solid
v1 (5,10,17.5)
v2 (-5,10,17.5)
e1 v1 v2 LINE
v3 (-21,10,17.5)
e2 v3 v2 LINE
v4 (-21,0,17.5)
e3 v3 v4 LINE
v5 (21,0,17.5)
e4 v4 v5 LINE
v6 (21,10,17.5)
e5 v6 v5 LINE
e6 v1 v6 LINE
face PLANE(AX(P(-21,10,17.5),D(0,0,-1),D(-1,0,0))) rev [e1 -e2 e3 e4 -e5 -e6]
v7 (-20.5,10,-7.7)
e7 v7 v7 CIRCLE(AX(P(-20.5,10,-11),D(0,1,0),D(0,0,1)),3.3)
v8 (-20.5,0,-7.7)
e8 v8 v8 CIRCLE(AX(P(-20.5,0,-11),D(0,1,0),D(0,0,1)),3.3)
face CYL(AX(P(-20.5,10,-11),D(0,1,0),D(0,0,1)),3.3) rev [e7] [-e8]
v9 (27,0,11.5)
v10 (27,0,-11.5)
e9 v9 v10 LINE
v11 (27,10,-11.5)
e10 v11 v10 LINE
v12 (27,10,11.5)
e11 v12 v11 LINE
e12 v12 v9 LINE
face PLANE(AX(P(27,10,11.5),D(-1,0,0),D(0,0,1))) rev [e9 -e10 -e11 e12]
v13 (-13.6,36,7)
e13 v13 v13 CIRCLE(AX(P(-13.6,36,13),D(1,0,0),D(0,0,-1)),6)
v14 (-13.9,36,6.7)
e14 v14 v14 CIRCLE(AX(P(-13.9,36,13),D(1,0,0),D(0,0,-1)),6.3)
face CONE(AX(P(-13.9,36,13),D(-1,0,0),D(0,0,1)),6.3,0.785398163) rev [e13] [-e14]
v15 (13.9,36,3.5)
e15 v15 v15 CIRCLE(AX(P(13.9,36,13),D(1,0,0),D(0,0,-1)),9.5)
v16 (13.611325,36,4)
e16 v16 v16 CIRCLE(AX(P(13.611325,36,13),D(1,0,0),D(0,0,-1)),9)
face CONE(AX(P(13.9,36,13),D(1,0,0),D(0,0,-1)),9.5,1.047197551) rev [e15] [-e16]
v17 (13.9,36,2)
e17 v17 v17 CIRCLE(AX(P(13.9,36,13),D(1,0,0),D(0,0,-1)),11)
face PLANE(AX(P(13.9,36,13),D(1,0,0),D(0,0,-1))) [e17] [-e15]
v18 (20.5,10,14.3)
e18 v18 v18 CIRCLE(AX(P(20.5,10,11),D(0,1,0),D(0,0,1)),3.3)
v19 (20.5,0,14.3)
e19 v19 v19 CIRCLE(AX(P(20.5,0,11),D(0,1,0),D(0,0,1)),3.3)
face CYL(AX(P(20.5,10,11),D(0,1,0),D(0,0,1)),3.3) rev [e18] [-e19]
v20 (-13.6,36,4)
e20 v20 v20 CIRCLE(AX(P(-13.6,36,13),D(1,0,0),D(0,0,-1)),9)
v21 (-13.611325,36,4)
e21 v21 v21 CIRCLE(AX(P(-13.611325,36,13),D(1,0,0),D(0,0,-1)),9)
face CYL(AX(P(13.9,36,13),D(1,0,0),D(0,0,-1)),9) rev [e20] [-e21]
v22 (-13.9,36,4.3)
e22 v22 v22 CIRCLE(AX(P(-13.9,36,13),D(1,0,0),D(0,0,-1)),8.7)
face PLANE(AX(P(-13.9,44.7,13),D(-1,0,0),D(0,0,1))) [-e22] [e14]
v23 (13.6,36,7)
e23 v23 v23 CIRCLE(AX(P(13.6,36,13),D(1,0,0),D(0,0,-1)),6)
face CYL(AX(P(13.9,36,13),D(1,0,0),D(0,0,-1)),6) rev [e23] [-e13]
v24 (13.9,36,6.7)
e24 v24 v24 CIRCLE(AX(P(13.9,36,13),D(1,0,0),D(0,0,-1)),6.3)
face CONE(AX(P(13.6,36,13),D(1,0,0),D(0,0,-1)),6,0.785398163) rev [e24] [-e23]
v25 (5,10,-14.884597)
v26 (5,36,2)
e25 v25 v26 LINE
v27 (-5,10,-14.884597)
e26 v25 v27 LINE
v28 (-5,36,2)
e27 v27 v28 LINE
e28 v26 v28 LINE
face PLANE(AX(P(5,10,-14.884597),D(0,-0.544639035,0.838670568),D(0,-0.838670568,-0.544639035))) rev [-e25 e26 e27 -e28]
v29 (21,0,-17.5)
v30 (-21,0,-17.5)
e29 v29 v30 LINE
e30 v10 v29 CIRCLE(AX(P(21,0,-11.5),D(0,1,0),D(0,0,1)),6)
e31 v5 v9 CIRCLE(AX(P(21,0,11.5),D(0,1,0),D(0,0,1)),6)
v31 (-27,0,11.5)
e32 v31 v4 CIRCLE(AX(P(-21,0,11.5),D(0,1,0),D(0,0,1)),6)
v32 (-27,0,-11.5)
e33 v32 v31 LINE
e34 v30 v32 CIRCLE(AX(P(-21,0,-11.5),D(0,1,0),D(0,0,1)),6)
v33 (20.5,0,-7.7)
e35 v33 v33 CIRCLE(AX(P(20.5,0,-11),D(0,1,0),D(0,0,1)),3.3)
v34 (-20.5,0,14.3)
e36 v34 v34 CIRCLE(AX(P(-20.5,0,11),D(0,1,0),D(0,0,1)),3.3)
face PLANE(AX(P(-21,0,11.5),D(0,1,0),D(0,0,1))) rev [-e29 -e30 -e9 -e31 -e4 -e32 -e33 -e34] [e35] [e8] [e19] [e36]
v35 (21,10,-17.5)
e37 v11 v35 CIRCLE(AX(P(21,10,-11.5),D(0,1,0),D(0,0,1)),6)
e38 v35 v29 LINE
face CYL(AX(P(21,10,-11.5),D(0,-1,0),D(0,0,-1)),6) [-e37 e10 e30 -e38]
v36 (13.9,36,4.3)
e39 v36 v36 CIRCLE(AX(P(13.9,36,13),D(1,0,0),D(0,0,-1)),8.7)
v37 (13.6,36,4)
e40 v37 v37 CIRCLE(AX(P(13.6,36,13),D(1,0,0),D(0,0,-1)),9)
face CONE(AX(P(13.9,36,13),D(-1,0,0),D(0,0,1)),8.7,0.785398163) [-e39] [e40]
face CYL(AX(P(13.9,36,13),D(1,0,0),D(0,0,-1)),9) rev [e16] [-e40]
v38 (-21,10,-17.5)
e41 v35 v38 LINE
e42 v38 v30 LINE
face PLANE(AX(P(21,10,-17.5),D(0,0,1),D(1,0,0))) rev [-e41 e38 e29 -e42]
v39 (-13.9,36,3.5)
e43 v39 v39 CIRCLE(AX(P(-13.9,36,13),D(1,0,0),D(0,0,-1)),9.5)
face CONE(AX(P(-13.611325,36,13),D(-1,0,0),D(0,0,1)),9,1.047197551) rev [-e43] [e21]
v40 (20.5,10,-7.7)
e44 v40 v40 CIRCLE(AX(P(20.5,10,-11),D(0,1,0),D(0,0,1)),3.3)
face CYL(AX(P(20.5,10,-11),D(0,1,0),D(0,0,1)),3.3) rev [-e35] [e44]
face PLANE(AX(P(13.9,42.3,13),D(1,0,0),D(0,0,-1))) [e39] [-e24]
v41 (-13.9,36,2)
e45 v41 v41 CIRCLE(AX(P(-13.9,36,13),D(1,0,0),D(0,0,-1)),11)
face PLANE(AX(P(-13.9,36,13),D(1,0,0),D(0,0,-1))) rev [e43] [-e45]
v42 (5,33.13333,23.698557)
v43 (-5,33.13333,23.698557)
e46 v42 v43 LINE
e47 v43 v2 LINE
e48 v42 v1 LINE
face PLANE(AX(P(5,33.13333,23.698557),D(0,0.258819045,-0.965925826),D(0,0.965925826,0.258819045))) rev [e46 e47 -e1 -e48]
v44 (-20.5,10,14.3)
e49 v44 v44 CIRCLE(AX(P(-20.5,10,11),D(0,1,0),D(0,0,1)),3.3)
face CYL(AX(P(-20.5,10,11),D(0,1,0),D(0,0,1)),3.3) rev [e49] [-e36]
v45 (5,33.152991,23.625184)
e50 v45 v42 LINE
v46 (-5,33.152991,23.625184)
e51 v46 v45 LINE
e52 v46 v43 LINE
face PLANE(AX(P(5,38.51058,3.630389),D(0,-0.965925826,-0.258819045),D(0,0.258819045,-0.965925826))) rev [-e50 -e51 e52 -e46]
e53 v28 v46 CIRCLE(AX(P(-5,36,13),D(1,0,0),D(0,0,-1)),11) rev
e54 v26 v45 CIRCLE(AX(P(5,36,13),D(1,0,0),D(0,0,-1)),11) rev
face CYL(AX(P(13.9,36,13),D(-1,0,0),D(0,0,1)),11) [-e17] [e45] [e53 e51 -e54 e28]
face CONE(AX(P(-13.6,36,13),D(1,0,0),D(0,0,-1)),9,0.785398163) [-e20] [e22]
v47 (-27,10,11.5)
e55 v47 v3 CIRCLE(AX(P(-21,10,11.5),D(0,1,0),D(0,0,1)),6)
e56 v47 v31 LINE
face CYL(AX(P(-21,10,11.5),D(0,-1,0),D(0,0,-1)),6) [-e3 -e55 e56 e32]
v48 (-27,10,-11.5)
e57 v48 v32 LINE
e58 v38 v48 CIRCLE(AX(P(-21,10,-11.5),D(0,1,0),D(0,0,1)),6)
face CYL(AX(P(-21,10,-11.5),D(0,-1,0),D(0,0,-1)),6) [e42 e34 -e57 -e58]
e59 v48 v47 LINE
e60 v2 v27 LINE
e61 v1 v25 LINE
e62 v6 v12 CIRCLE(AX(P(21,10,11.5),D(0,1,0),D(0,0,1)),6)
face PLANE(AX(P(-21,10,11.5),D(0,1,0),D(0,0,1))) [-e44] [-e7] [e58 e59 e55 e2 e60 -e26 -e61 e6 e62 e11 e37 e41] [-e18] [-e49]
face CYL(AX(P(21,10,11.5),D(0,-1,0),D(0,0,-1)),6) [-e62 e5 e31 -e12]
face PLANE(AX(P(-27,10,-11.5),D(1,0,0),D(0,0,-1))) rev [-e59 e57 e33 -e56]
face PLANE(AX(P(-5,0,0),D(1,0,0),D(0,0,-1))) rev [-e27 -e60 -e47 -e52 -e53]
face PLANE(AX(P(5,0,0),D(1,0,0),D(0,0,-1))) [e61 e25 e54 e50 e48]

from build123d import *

# Parameters (mm, degrees)
BOSS_EXTRUDE1_DEPTH      = 10
BOSS_EXTRUDE2_DEPTH      = 5
BOSS_EXTRUDE2_DEPTH_BACK = 5
SKETCH3_R                = 11
BOSS_EXTRUDE3_DEPTH      = 13.9
BOSS_EXTRUDE3_DEPTH_BACK = 13.9
SKETCH4_W                = 3.3
SKETCH4_H                = 10
SKETCH5_W                = 3.3
SKETCH5_H                = 10
SKETCH6_W                = 3.3
SKETCH6_H                = 10
SKETCH7_W                = 3.3
SKETCH7_H                = 10


with BuildPart() as part:
    # Sketch1 → Boss-Extrude1 (new body)
    with BuildSketch(Plane(origin=(0, 0, 0), x_dir=(1, 0, 0), z_dir=(0, 1, 0))):
        with BuildLine():
            Line((-21, -17.5), (21, -17.5))
            ThreePointArc((21, -17.5), (25.242640687, -15.742640687), (27, -11.5))
            Line((27, -11.5), (27, 11.5))
            ThreePointArc((27, 11.5), (25.242640687, 15.742640687), (21, 17.5))
            Line((21, 17.5), (-21, 17.5))
            ThreePointArc((-21, 17.5), (-25.242640687, 15.742640687), (-27, 11.5))
            Line((-27, 11.5), (-27, -11.5))
            ThreePointArc((-27, -11.5), (-25.242640687, -15.742640687), (-21, -17.5))
        make_face()
    extrude(amount=BOSS_EXTRUDE1_DEPTH)

    # Sketch2 → Boss-Extrude2 (add, two sides)
    with BuildSketch(Plane(origin=(0, 0, 0), x_dir=(0, 0, -1), z_dir=(1, 0, 0))) as boss_extrude2_sk:
        Polygon((-23.698557159, 33.133330249), (-17.5, 10), (14.884597423, 10), (-3.630389444, 38.510579582), align=None)
    extrude(amount=BOSS_EXTRUDE2_DEPTH)
    extrude(boss_extrude2_sk.sketch, amount=-BOSS_EXTRUDE2_DEPTH_BACK)

    # Sketch3 → Boss-Extrude3 (add, two sides)
    with BuildSketch(Plane(origin=(0, 0, 0), x_dir=(0, 0, -1), z_dir=(1, 0, 0))) as boss_extrude3_sk:
        with Locations((-13, 36)):
            Circle(SKETCH3_R)
    extrude(amount=BOSS_EXTRUDE3_DEPTH)
    extrude(boss_extrude3_sk.sketch, amount=-BOSS_EXTRUDE3_DEPTH_BACK)

    # Sketch4 → Cut-Revolve1 (revolve, cut)
    with BuildSketch(Plane.XY.offset(11)):
        with Locations((-22.15, 5)):
            Rectangle(SKETCH4_W, SKETCH4_H)
    revolve(axis=Axis((-20.5, 10, 11), (0, -1, 0)), mode=Mode.SUBTRACT)

    # Sketch5 → Cut-Revolve2 (revolve, cut)
    with BuildSketch(Plane.XY.offset(11)):
        with Locations((18.85, 5)):
            Rectangle(SKETCH5_W, SKETCH5_H)
    revolve(axis=Axis((20.5, 10, 11), (0, -1, 0)), mode=Mode.SUBTRACT)

    # Sketch6 → Cut-Revolve3 (revolve, cut)
    with BuildSketch(Plane.XY.offset(-11)):
        with Locations((-22.15, 5)):
            Rectangle(SKETCH6_W, SKETCH6_H)
    revolve(axis=Axis((-20.5, 10, -11), (0, -1, 0)), mode=Mode.SUBTRACT)

    # Sketch7 → Cut-Revolve4 (revolve, cut)
    with BuildSketch(Plane.XY.offset(-11)):
        with Locations((18.85, 5)):
            Rectangle(SKETCH7_W, SKETCH7_H)
    revolve(axis=Axis((20.5, 10, -11), (0, -1, 0)), mode=Mode.SUBTRACT)

    # Sketch8 → Cut-Revolve5 (revolve, cut)
    with BuildSketch(Plane.XY.offset(13)):
        Polygon((-13.9, 36), (-13.9, 45.5), (-13.611324865, 45), (13.611324865, 45), (13.9, 45.5), (13.9, 36), align=None)
    revolve(axis=Axis((13.9, 36, 13), (-1, 0, 0)), mode=Mode.SUBTRACT)

    # Sketch9 → Revolve1 (revolve)
    with BuildSketch(Plane.XY.offset(13)):
        Polygon((-13.9, 42.3), (-13.6, 42), (13.6, 42), (13.9, 42.3), (13.9, 44.7), (13.6, 45), (-13.6, 45), (-13.9, 44.7), align=None)
    revolve(axis=Axis((13.9, 36, 13), (-1, 0, 0)))


solid = part.part
